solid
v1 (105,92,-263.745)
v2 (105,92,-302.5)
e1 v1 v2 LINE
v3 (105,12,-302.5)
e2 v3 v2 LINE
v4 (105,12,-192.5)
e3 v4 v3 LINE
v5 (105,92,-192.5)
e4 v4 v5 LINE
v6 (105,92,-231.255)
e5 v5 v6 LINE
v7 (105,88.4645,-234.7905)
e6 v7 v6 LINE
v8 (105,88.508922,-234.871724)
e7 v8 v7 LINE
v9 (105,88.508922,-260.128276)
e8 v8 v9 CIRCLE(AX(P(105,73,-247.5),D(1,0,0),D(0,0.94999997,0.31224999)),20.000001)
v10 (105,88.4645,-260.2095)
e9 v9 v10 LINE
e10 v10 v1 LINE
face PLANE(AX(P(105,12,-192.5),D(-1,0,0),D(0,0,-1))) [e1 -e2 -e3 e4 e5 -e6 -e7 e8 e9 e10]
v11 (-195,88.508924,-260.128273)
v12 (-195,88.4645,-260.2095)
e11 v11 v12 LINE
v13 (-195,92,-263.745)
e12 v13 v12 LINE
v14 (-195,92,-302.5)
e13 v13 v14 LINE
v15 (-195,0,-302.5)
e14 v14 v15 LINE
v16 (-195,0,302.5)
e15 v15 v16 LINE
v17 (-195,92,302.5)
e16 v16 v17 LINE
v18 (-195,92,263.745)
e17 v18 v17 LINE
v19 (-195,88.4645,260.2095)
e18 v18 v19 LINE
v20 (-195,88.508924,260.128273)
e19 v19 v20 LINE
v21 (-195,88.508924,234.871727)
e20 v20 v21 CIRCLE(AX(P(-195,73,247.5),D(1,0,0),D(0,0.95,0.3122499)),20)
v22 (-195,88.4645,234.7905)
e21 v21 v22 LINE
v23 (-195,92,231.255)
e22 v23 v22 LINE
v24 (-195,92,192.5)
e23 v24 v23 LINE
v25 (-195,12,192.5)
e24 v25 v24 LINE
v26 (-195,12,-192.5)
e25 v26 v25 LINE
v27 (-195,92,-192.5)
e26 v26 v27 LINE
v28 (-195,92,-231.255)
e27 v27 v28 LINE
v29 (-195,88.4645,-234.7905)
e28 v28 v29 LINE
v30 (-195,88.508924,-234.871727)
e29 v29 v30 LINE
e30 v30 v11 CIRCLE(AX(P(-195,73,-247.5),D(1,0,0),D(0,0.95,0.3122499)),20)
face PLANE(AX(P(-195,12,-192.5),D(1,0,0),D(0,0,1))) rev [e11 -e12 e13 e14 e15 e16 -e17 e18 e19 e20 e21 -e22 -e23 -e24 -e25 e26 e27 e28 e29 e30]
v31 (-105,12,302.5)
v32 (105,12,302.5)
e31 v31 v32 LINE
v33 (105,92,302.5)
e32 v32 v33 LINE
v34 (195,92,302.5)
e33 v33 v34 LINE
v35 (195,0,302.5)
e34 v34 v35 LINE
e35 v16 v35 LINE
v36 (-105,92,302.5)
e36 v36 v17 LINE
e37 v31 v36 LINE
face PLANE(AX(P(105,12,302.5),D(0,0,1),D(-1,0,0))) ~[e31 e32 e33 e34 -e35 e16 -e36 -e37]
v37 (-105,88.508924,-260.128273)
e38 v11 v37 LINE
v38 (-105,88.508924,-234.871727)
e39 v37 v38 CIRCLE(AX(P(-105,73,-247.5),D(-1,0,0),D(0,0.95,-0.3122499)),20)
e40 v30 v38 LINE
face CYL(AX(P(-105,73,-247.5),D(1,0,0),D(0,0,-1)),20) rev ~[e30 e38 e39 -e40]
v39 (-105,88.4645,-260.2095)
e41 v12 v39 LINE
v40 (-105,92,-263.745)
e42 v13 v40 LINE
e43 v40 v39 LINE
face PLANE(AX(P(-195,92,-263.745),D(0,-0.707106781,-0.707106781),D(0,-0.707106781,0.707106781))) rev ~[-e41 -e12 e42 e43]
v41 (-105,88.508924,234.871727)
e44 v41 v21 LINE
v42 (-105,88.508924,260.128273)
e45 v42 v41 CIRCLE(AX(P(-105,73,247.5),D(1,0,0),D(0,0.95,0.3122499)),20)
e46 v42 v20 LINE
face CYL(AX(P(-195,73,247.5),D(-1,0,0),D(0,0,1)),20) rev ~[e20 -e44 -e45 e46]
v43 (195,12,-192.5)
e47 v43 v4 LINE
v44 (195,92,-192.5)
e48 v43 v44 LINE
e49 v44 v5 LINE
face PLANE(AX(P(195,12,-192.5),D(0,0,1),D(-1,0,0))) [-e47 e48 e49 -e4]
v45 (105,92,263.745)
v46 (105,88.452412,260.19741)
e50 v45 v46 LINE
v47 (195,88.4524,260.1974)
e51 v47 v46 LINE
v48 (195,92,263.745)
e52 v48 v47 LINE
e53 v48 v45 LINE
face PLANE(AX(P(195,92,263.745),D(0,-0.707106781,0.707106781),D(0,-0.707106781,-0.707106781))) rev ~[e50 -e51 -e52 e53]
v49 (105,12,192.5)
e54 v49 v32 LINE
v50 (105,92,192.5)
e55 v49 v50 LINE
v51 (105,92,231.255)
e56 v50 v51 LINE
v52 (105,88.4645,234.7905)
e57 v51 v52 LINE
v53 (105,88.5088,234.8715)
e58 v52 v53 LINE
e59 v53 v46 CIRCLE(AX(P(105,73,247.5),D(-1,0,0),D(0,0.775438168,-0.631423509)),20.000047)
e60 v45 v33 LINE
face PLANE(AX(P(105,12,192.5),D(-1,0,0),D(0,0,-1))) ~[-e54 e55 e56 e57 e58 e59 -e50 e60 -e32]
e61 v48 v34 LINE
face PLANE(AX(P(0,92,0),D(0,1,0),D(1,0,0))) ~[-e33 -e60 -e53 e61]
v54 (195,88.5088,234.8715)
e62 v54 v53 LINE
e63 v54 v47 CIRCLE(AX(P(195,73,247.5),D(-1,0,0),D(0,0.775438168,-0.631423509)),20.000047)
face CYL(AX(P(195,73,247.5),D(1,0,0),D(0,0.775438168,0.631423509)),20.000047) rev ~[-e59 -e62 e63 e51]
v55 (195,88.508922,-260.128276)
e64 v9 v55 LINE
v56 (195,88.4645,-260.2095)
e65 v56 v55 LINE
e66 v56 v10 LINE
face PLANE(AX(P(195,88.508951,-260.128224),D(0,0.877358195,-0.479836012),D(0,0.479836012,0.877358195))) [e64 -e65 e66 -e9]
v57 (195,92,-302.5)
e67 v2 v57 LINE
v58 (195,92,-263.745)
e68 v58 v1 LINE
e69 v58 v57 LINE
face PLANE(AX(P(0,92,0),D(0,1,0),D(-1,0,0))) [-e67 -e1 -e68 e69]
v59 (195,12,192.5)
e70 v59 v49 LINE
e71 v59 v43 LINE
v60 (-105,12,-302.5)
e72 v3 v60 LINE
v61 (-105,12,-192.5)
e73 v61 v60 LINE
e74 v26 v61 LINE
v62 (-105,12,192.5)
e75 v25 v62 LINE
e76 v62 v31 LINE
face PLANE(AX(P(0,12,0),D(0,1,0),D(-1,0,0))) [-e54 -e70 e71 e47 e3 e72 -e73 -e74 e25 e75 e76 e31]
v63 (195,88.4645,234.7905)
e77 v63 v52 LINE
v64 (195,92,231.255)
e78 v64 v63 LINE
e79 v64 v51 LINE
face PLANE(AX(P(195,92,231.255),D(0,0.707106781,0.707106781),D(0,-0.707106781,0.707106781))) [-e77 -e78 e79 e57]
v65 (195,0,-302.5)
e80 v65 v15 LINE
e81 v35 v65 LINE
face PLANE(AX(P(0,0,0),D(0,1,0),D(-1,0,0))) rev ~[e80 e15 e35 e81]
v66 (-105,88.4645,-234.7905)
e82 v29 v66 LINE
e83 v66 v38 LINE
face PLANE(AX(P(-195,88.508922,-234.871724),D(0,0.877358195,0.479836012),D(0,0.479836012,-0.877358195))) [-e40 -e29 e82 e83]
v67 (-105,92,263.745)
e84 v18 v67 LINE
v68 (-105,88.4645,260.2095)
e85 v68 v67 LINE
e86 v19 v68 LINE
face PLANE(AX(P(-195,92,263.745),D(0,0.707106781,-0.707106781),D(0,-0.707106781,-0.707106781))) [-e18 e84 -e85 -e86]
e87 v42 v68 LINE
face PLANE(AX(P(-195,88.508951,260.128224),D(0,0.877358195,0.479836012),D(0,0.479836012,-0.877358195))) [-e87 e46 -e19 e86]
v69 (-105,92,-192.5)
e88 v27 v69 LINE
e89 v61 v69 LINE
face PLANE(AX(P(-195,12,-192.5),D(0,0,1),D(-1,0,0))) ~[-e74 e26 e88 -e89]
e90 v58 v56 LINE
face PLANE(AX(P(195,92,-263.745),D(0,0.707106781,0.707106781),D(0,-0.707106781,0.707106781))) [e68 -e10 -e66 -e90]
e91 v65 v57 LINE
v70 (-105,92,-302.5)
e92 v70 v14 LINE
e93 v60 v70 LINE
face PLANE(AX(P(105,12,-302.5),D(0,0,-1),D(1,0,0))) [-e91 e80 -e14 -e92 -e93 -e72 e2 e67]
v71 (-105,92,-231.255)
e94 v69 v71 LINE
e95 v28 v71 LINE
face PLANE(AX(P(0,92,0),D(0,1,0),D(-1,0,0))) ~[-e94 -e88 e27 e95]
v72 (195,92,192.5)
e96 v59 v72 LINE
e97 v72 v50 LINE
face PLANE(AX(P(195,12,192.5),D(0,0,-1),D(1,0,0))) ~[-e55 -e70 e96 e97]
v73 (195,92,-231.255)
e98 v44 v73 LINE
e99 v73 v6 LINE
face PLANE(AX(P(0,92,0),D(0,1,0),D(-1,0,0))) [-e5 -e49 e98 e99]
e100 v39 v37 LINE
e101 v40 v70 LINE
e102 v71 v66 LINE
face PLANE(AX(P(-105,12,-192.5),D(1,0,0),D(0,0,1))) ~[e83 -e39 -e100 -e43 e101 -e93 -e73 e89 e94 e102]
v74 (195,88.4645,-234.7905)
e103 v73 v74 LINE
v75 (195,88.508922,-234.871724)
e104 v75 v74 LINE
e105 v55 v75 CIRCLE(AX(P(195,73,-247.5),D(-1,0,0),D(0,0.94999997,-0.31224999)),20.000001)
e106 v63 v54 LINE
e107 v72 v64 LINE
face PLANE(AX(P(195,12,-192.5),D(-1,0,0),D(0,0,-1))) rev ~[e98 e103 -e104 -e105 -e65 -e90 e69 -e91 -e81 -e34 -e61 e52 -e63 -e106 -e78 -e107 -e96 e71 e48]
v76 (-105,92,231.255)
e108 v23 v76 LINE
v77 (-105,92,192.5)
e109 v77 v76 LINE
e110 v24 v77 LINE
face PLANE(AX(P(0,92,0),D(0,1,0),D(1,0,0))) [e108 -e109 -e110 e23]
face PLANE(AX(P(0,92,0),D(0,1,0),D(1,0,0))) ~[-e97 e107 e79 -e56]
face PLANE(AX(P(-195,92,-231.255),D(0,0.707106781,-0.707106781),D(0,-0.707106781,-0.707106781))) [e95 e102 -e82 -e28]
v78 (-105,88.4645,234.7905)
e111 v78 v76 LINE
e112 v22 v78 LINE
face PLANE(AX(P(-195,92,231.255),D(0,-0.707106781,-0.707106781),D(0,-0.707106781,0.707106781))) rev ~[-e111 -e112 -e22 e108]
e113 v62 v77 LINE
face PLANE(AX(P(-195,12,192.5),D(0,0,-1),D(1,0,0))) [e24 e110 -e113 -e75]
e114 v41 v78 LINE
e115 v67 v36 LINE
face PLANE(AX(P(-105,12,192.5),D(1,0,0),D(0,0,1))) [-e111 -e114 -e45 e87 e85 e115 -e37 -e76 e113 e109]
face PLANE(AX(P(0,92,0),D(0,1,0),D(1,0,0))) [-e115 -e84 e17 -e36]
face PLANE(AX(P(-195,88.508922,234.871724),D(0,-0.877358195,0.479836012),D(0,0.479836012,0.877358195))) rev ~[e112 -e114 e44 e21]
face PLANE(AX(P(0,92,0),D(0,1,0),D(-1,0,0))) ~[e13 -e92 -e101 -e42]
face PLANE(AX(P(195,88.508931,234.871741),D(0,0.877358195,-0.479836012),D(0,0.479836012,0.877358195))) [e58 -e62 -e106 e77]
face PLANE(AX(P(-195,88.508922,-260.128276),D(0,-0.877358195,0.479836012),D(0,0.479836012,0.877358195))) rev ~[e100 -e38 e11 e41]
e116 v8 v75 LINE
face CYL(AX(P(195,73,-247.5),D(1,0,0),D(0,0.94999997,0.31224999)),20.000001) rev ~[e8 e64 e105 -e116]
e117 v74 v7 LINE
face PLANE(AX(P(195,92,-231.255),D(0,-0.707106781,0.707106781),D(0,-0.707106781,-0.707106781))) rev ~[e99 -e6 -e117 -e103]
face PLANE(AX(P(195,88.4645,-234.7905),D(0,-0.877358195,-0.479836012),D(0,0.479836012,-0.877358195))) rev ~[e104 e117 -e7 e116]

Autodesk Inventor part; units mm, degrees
ref_plane "YZ Plane" through (0, 0, 0) normal (1, 0, 0) x (0, 1, 0)
ref_plane "XZ Plane" through (0, 0, 0) normal (0, 1, 0) x (-1, 0, 0)
ref_plane "XY Plane" through (0, 0, 0) normal (0, 0, 1) x (1, 0, 0)
sketch "Sketch1" plane through (0, 0, 0) normal (0, 1, 0) x (-1, 0, 0)
  line L0 (195, 302.5) -> (-195, 302.5)
  line L1 (-195, 302.5) -> (-195, -302.5)
  line L2 (-195, -302.5) -> (195, -302.5)
  line L3 (195, -302.5) -> (195, 302.5)
  line L4 (195, 302.5) -> (-195, -302.5) construction
  line L5 (-195, 302.5) -> (195, -302.5) construction
  point P0 (0, 0)
  dimension "d0" = 390
  dimension "d1" = 605
extrude "Extrusion1" add sketch "Sketch1" along normal blind 12
sketch "Sketch2" plane through (0, 12, 0) normal (0, 1, 0) x (1, 0, 0)
  line L0 (-195, 302.5) -> (-195, -302.5) projected
  line L1 (-195, -302.5) -> (-195, -192.5)
  line L2 (-195, -302.5) -> (-85, -302.5) construction
  line L3 (-195, -192.5) -> (-105, -192.5)
  line L4 (-105, -192.5) -> (-105, -302.5)
  line L5 (-105, -302.5) -> (-195, -302.5)
  point P0 (0, 0)
  dimension "d4" = 110
  dimension "d5" = 90
  dimension "d6" = 90
  dimension "d7" = 90
extrude "Extrusion2" add sketch "Sketch2" along normal blind 80
sketch "Sketch3" plane through (-195, 0, -302.5) normal (-1, 0, 0) x (0, 0, 1)
  line L0 (495, 92) -> (605, 92) projected
  line L1 (495, 92) -> (550, 92)
  line L2 (550, 92) -> (550, 73)
  line L3 (550, 92) -> (569, 92) construction
  circle A0 centre (550, 73) radius 20
  point P0 (302.5, 0)
  point P1 (543.755, 92)
  point P2 (556.245, 92)
  dimension "d10" = 55
  dimension "d11" = 19
  dimension "d12" = 90
  dimension "d13" = 40
extrude "Extrusion3" cut sketch "Sketch3" against normal blind 110 contours L0 A0 picked at (549.7853, 66.101)
sketch "Sketch4" plane through (-195, 0, -302.5) normal (-1, 0, 0) x (0, 0, 1)
  line L0 (495, 92) -> (543.755, 92) projected
  line L1 (543.755, 92) -> (533.755, 92)
  line L2 (533.755, 92) -> (537.2905, 88.4645)
  arc A0 (543.755, 92) -> (556.245, 92) centre (550, 73) ccw projected
  line L3 (537.2905, 88.4645) -> (543.755, 92)
  point P0 (302.5, 0)
  dimension "d16" = 10
  dimension "d17" = 5
  dimension "d18" = 45
extrude "Extrusion4" cut sketch "Sketch4" against normal blind 110
sketch "Sketch5" plane through (-195, 0, -302.5) normal (-1, 0, 0) x (0, 0, 1)
  arc A0 (537.3715, 88.5088) -> (556.245, 92) centre (550, 73) ccw projected
  line L0 (556.245, 92) -> (566.245, 92)
  line L1 (556.245, 92) -> (605, 92) projected
  line L2 (556.245, 92) -> (566.245, 92) construction
  line L3 (566.245, 92) -> (562.7095, 88.4645)
  line L4 (562.7095, 88.4645) -> (556.245, 92)
  point P0 (302.5, 0)
  dimension "d21" = 10
  dimension "d22" = 0
  dimension "d23" = 5
  dimension "d24" = 45
extrude "Extrusion5" cut sketch "Sketch5" against normal blind 110
mirror "Mirror1" about plane through (0, 0, 0) normal (0, 0, 1) of "Extrusion2"
sketch "Sketch6" plane through (-105, 12, -302.5) normal (1, 0, 0) x (0, 0, -1)
  line L0 (-110, 80) -> (-55, 80)
  line L1 (0, 80) -> (-110, 80) projected
  line L2 (-55, 80) -> (-55, 61)
  circle A0 centre (-55, 61) radius 20
  point P0 (-302.5, -12)
  point P1 (-61.245, 80)
  point P2 (-48.755, 80)
  dimension "d27" = 55
  dimension "d28" = 19
  dimension "d29" = 40
extrude "Extrusion6" cut sketch "Sketch6" against normal blind 110 contours L0 L1 A0 picked at (-55.2147, 54.101)
mirror "Mirror2" about plane through (0, 0, 0) normal (1, 0, 0) of "Extrusion2", "Mirror1"
sketch "Sketch7" plane through (195, 0, 302.5) normal (1, 0, 0) x (0, 0, -1)
  arc A0 (543.755, 92) -> (556.245, 92) centre (550, 73) ccw projected
  circle A1 centre (550, 73) radius 20
  point P0 (302.5, 0)
extrude "Extrusion7" cut sketch "Sketch7" against normal blind 110
sketch "Sketch8" plane through (195, 0, 302.5) normal (1, 0, 0) x (0, 0, -1)
  arc A0 (42.3715, 88.5088) -> (67.6285, 88.5088) centre (55, 73) ccw projected
  circle A1 centre (55, 73) radius 20
  point P0 (302.5, 0)
  point P1 (67.6285, 88.5088)
extrude "Extrusion8" cut sketch "Sketch8" against normal blind 110
sketch "Sketch9" plane through (195, 0, 302.5) normal (1, 0, 0) x (0, 0, -1)
  line L0 (48.755, 92) -> (38.755, 92)
  line L1 (48.755, 92) -> (0, 92) projected
  line L2 (38.755, 92) -> (42.3026, 88.4524)
  arc A0 (48.755, 92) -> (61.245, 92) centre (55, 73) ccw projected
  line L3 (42.3026, 88.4524) -> (48.755, 92)
  point P0 (302.5, 0)
  dimension "d36" = 10
  dimension "d37" = 45
extrude "Extrusion9" cut sketch "Sketch9" against normal blind 110
sketch "Sketch10" plane through (195, 0, 302.5) normal (1, 0, 0) x (0, 0, -1)
  arc A0 (42.3026, 88.4524) -> (61.245, 92) centre (55, 73) ccw projected
  line L0 (61.245, 92) -> (71.245, 92)
  line L1 (110, 92) -> (61.245, 92) projected
  line L2 (71.245, 92) -> (67.7095, 88.4645)
  line L3 (67.7095, 88.4645) -> (61.245, 92)
  point P0 (302.5, 0)
  dimension "d40" = 10
  dimension "d41" = 5
  dimension "d42" = 45
extrude "Extrusion10" cut sketch "Sketch10" against normal blind 110
sketch "Sketch11" plane through (195, 0, 302.5) normal (1, 0, 0) x (0, 0, -1)
  line L0 (543.755, 92) -> (495, 92) projected
  line L1 (543.755, 92) -> (533.755, 92)
  line L2 (533.755, 92) -> (537.2905, 88.4645)
  arc A0 (543.755, 92) -> (556.245, 92) centre (550, 73) ccw projected
  line L3 (537.2905, 88.4645) -> (543.755, 92)
  point P0 (302.5, 0)
  dimension "d45" = 10
  dimension "d46" = 5
  dimension "d47" = 45
extrude "Extrusion11" cut sketch "Sketch11" against normal blind 110
sketch "Sketch12" plane through (195, 0, 302.5) normal (1, 0, 0) x (0, 0, -1)
  line L0 (556.245, 92) -> (566.245, 92)
  line L1 (605, 92) -> (556.245, 92) projected
  line L2 (566.245, 92) -> (562.7095, 88.4645)
  arc A0 (537.3715, 88.5088) -> (556.245, 92) centre (550, 73) ccw projected
  line L3 (562.7095, 88.4645) -> (556.245, 92)
  point P0 (302.5, 0)
  dimension "d50" = 10
  dimension "d51" = 5
  dimension "d52" = 45
extrude "Extrusion12" cut sketch "Sketch12" against normal blind 110
sketch "Sketch13" plane through (-195, 0, -302.5) normal (-1, 0, 0) x (0, 0, 1)
  line L0 (0, 92) -> (48.755, 92) projected
  line L1 (48.755, 92) -> (38.755, 92)
  line L2 (38.755, 92) -> (42.2905, 88.4645)
  line L3 (42.2905, 88.4645) -> (48.755, 92)
  line L4 (61.245, 92) -> (110, 92) projected
  line L5 (61.245, 92) -> (71.245, 92)
  line L6 (71.245, 92) -> (67.7095, 88.4645)
  arc A0 (48.755, 92) -> (61.245, 92) centre (55, 73) ccw projected
  line L7 (67.7095, 88.4645) -> (61.245, 92)
  point P0 (302.5, 0)
  dimension "d55" = 10
  dimension "d56" = 5
  dimension "d57" = 45
  dimension "d58" = 10
  dimension "d59" = 5
  dimension "d60" = 45
extrude "Extrusion13" cut sketch "Sketch13" against normal blind 110
properties part number "Kuka_base"
